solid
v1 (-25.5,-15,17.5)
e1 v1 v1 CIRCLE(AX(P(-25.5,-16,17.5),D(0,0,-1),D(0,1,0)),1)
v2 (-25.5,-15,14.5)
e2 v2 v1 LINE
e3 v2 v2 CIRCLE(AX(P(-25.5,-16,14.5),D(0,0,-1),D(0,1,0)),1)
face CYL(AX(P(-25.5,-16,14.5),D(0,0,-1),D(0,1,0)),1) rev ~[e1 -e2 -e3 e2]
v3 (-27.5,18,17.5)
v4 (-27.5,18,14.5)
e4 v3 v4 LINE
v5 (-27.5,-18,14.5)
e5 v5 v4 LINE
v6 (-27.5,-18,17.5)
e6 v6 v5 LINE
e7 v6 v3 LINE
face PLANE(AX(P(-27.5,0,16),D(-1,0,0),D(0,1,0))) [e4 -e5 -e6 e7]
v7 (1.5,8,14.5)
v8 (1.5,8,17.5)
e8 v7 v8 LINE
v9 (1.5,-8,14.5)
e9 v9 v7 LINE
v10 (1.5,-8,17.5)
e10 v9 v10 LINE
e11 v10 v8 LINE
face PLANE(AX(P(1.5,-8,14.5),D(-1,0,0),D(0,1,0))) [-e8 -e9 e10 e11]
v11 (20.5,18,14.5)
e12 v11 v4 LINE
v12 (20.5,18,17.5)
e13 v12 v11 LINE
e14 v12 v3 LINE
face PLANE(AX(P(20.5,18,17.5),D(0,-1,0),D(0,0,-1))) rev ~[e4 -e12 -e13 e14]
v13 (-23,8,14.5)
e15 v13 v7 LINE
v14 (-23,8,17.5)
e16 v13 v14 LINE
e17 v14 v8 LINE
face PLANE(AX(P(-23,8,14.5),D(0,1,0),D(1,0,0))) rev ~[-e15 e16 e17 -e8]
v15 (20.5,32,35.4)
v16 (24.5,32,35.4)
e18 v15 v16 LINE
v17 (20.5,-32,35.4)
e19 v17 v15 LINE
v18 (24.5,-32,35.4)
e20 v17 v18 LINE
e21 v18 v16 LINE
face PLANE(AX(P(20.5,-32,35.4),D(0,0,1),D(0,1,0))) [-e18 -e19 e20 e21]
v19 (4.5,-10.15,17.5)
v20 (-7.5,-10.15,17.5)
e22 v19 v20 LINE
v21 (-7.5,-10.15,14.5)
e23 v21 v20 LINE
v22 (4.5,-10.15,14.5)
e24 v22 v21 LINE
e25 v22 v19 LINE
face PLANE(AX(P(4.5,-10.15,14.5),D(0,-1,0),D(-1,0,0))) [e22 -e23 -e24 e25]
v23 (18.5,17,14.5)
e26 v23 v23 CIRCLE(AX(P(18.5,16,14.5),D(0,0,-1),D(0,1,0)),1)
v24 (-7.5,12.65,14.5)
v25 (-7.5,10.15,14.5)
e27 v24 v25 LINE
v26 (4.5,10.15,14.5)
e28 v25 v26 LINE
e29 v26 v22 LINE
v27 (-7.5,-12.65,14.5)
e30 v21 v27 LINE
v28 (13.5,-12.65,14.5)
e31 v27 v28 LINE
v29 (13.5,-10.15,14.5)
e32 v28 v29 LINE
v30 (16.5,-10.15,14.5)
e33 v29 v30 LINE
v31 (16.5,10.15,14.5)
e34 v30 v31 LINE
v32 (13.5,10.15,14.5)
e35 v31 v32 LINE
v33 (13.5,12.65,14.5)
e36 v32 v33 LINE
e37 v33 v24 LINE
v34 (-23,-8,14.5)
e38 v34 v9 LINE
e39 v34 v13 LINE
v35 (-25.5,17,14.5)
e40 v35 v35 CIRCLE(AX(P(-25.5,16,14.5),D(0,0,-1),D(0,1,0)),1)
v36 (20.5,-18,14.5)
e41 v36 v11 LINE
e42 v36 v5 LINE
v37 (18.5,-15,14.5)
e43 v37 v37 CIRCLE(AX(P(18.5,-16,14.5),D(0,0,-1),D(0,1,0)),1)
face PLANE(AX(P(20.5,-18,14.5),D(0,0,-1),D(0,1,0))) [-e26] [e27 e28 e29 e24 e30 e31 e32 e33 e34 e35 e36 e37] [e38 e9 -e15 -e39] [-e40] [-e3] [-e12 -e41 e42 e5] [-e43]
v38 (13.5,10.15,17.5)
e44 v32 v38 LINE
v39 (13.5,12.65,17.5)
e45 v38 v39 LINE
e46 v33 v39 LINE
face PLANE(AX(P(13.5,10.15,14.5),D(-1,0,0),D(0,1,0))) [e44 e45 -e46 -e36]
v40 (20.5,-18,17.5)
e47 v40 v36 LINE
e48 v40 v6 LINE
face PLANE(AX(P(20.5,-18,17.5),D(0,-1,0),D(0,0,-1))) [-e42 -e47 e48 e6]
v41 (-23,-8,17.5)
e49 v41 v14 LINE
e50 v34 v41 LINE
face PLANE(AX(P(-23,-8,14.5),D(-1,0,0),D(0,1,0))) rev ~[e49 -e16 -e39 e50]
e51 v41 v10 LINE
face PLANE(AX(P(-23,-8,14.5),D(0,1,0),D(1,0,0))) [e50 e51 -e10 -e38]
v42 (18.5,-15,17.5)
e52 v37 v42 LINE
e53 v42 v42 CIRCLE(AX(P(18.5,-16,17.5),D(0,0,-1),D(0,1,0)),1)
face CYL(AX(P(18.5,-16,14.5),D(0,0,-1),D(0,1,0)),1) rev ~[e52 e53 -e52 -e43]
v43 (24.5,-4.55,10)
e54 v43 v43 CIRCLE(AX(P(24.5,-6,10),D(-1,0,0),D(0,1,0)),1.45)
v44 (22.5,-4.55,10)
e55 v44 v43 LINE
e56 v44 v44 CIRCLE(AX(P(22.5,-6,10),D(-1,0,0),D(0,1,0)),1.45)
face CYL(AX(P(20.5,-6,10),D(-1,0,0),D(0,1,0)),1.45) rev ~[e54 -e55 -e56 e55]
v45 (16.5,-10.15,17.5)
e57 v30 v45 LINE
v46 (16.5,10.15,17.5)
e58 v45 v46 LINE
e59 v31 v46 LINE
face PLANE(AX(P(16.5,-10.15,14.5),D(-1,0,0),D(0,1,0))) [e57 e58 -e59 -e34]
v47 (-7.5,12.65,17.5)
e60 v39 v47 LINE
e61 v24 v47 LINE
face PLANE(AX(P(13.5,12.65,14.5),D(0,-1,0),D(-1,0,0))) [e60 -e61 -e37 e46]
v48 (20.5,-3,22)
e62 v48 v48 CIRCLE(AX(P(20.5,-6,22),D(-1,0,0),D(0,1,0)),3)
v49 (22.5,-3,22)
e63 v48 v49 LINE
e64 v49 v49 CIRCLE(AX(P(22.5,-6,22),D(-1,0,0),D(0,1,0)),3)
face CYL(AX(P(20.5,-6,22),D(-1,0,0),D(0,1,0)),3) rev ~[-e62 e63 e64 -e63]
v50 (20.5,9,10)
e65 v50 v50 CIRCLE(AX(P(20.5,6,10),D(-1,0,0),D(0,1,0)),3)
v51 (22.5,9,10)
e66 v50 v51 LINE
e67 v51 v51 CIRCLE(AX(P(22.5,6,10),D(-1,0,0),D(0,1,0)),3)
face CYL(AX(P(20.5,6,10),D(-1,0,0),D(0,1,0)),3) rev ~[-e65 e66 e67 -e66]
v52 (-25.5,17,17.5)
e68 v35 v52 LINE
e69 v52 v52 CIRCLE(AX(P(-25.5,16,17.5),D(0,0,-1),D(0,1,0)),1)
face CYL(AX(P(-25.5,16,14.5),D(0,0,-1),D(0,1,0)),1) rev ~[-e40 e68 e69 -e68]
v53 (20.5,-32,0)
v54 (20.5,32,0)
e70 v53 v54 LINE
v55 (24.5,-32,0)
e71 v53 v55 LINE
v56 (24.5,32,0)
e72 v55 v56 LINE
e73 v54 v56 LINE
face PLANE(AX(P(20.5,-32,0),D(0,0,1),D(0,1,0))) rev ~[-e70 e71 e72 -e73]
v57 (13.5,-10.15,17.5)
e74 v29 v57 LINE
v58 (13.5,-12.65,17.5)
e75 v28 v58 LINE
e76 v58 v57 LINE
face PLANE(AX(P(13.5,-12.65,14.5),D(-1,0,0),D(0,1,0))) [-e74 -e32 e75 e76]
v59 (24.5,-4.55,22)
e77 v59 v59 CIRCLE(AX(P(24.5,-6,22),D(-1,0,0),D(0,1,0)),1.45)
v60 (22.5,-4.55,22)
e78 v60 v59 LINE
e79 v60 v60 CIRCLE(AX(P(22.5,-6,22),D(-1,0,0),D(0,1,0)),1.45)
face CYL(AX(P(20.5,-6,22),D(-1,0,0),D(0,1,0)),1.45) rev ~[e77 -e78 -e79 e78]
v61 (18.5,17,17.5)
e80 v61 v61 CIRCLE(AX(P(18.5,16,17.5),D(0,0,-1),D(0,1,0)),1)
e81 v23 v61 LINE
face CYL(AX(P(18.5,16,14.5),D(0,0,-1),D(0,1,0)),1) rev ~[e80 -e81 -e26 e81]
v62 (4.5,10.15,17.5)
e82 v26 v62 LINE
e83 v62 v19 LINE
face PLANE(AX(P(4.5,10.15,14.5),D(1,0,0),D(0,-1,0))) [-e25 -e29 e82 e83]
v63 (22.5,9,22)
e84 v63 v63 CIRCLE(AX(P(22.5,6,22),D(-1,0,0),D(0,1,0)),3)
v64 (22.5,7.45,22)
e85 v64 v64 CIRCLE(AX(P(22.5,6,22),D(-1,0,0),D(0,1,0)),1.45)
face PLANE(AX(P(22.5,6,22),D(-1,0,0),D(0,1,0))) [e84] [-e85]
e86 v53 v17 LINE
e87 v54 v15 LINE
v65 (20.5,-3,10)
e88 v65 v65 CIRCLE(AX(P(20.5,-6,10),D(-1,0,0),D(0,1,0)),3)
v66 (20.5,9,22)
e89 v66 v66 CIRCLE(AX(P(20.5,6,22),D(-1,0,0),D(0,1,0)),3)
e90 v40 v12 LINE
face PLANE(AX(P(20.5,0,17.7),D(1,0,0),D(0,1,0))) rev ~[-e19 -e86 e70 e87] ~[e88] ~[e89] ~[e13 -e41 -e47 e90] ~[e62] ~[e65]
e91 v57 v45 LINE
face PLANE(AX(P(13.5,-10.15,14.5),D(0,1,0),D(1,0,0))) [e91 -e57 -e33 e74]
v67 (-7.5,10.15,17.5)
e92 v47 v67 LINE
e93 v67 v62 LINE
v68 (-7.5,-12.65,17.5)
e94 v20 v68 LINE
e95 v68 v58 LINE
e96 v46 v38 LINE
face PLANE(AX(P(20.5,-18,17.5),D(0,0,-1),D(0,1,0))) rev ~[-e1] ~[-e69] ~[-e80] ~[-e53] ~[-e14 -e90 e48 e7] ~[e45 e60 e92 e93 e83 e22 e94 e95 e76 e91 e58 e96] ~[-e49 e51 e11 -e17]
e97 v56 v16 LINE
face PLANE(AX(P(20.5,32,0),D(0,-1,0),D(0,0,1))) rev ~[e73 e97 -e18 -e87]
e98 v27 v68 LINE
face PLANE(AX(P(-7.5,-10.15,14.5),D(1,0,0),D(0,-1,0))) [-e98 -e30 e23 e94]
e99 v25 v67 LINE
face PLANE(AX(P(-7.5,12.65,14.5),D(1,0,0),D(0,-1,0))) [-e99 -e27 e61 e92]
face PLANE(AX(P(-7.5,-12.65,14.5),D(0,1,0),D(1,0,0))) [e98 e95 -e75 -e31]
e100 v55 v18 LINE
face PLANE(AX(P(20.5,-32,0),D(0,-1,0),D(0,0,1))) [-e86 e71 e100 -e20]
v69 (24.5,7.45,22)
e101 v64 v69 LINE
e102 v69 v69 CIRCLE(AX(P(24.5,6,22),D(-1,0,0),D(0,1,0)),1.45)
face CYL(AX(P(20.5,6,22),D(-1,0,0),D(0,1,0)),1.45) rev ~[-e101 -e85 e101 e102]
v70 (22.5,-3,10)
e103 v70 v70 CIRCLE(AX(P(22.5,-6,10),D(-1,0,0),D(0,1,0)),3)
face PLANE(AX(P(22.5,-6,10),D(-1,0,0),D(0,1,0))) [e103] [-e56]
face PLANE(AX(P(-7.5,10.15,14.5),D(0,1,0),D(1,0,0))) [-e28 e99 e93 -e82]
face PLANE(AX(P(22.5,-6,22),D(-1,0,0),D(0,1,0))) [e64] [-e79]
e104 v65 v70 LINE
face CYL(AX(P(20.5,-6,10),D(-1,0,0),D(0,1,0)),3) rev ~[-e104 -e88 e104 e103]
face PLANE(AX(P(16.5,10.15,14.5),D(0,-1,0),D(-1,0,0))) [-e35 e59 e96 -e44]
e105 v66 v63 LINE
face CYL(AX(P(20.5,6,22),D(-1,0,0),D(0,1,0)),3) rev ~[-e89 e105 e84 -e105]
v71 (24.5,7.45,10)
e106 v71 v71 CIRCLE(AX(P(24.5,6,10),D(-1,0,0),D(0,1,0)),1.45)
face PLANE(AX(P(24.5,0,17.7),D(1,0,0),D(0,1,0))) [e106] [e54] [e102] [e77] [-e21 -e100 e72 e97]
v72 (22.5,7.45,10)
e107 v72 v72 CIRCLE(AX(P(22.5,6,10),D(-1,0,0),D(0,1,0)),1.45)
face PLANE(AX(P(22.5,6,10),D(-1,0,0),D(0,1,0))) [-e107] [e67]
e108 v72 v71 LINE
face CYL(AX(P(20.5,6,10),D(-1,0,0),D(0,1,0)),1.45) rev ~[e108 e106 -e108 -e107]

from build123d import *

# Parameters (mm, degrees)
SKETCH005_W     = 64
SKETCH005_H     = 35.4
PAD_DEPTH       = 4
SKETCH_R        = 3
POCKET_DEPTH    = 2
SKETCH006_R     = 1.45
POCKET001_DEPTH = 5
SKETCH007_W     = 36
SKETCH007_H     = 3
PAD001_DEPTH    = 48
SKETCH008_R     = 1
SKETCH008_W     = 16
SKETCH008_H     = 24.5
POCKET002_DEPTH = 5


with BuildPart() as part:
    # Sketch005 → Pad (new body)
    with BuildSketch(Plane.YZ.offset(20.5)):
        with Locations((0, 17.7)):
            Rectangle(SKETCH005_W, SKETCH005_H)
    extrude(amount=PAD_DEPTH)

    # Sketch (on Face5 of Pad) → Pocket (cut)
    with BuildSketch(Plane(origin=(20.5, 0, 0), x_dir=(0, 1, 0), z_dir=(-1, 0, 0))):
        with Locations((6, -22)):
            Circle(SKETCH_R)
        with Locations((-6, -22)):
            Circle(SKETCH_R)
        with Locations((6, -10)):
            Circle(SKETCH_R)
        with Locations((-6, -10)):
            Circle(SKETCH_R)
    extrude(amount=-POCKET_DEPTH, mode=Mode.SUBTRACT)

    # Sketch006 (on Face4 of Pocket) → Pocket001 (cut)
    with BuildSketch(Plane(origin=(20.5, 0, 0), x_dir=(0, 1, 0), z_dir=(-1, 0, 0))):
        with Locations((6, -22)):
            Circle(SKETCH006_R)
        with Locations((-6, -22)):
            Circle(SKETCH006_R)
        with Locations((6, -10)):
            Circle(SKETCH006_R)
        with Locations((-6, -10)):
            Circle(SKETCH006_R)
    extrude(amount=-POCKET001_DEPTH, mode=Mode.SUBTRACT)

    # Sketch007 (on Face4 of Pocket001) → Pad001 (join)
    with BuildSketch(Plane(origin=(20.5, 0, 0), x_dir=(0, 1, 0), z_dir=(-1, 0, 0))):
        with Locations((0, -16)):
            Rectangle(SKETCH007_W, SKETCH007_H)
    extrude(amount=PAD001_DEPTH)

    # Sketch008 (on Face9 of Pad001) → Pocket002 (cut)
    with BuildSketch(Plane(origin=(20.5, 0, 14.5), x_dir=(0, 1, 0), z_dir=(0, 0, -1))):
        with Locations((16, -46)):
            Circle(SKETCH008_R)
        with Locations((-16, -46)):
            Circle(SKETCH008_R)
        with Locations((16, -2)):
            Circle(SKETCH008_R)
        with Locations((-16, -2)):
            Circle(SKETCH008_R)
        Polygon((12.65, -28), (10.15, -28), (10.15, -16), (-10.15, -16), (-10.15, -28), (-12.65, -28), (-12.65, -7), (-10.15, -7), (-10.15, -4), (10.15, -4), (10.15, -7), (12.65, -7), align=None)
        with Locations((0, -31.25)):
            Rectangle(SKETCH008_W, SKETCH008_H)
    extrude(amount=-POCKET002_DEPTH, mode=Mode.SUBTRACT)


solid = part.part
